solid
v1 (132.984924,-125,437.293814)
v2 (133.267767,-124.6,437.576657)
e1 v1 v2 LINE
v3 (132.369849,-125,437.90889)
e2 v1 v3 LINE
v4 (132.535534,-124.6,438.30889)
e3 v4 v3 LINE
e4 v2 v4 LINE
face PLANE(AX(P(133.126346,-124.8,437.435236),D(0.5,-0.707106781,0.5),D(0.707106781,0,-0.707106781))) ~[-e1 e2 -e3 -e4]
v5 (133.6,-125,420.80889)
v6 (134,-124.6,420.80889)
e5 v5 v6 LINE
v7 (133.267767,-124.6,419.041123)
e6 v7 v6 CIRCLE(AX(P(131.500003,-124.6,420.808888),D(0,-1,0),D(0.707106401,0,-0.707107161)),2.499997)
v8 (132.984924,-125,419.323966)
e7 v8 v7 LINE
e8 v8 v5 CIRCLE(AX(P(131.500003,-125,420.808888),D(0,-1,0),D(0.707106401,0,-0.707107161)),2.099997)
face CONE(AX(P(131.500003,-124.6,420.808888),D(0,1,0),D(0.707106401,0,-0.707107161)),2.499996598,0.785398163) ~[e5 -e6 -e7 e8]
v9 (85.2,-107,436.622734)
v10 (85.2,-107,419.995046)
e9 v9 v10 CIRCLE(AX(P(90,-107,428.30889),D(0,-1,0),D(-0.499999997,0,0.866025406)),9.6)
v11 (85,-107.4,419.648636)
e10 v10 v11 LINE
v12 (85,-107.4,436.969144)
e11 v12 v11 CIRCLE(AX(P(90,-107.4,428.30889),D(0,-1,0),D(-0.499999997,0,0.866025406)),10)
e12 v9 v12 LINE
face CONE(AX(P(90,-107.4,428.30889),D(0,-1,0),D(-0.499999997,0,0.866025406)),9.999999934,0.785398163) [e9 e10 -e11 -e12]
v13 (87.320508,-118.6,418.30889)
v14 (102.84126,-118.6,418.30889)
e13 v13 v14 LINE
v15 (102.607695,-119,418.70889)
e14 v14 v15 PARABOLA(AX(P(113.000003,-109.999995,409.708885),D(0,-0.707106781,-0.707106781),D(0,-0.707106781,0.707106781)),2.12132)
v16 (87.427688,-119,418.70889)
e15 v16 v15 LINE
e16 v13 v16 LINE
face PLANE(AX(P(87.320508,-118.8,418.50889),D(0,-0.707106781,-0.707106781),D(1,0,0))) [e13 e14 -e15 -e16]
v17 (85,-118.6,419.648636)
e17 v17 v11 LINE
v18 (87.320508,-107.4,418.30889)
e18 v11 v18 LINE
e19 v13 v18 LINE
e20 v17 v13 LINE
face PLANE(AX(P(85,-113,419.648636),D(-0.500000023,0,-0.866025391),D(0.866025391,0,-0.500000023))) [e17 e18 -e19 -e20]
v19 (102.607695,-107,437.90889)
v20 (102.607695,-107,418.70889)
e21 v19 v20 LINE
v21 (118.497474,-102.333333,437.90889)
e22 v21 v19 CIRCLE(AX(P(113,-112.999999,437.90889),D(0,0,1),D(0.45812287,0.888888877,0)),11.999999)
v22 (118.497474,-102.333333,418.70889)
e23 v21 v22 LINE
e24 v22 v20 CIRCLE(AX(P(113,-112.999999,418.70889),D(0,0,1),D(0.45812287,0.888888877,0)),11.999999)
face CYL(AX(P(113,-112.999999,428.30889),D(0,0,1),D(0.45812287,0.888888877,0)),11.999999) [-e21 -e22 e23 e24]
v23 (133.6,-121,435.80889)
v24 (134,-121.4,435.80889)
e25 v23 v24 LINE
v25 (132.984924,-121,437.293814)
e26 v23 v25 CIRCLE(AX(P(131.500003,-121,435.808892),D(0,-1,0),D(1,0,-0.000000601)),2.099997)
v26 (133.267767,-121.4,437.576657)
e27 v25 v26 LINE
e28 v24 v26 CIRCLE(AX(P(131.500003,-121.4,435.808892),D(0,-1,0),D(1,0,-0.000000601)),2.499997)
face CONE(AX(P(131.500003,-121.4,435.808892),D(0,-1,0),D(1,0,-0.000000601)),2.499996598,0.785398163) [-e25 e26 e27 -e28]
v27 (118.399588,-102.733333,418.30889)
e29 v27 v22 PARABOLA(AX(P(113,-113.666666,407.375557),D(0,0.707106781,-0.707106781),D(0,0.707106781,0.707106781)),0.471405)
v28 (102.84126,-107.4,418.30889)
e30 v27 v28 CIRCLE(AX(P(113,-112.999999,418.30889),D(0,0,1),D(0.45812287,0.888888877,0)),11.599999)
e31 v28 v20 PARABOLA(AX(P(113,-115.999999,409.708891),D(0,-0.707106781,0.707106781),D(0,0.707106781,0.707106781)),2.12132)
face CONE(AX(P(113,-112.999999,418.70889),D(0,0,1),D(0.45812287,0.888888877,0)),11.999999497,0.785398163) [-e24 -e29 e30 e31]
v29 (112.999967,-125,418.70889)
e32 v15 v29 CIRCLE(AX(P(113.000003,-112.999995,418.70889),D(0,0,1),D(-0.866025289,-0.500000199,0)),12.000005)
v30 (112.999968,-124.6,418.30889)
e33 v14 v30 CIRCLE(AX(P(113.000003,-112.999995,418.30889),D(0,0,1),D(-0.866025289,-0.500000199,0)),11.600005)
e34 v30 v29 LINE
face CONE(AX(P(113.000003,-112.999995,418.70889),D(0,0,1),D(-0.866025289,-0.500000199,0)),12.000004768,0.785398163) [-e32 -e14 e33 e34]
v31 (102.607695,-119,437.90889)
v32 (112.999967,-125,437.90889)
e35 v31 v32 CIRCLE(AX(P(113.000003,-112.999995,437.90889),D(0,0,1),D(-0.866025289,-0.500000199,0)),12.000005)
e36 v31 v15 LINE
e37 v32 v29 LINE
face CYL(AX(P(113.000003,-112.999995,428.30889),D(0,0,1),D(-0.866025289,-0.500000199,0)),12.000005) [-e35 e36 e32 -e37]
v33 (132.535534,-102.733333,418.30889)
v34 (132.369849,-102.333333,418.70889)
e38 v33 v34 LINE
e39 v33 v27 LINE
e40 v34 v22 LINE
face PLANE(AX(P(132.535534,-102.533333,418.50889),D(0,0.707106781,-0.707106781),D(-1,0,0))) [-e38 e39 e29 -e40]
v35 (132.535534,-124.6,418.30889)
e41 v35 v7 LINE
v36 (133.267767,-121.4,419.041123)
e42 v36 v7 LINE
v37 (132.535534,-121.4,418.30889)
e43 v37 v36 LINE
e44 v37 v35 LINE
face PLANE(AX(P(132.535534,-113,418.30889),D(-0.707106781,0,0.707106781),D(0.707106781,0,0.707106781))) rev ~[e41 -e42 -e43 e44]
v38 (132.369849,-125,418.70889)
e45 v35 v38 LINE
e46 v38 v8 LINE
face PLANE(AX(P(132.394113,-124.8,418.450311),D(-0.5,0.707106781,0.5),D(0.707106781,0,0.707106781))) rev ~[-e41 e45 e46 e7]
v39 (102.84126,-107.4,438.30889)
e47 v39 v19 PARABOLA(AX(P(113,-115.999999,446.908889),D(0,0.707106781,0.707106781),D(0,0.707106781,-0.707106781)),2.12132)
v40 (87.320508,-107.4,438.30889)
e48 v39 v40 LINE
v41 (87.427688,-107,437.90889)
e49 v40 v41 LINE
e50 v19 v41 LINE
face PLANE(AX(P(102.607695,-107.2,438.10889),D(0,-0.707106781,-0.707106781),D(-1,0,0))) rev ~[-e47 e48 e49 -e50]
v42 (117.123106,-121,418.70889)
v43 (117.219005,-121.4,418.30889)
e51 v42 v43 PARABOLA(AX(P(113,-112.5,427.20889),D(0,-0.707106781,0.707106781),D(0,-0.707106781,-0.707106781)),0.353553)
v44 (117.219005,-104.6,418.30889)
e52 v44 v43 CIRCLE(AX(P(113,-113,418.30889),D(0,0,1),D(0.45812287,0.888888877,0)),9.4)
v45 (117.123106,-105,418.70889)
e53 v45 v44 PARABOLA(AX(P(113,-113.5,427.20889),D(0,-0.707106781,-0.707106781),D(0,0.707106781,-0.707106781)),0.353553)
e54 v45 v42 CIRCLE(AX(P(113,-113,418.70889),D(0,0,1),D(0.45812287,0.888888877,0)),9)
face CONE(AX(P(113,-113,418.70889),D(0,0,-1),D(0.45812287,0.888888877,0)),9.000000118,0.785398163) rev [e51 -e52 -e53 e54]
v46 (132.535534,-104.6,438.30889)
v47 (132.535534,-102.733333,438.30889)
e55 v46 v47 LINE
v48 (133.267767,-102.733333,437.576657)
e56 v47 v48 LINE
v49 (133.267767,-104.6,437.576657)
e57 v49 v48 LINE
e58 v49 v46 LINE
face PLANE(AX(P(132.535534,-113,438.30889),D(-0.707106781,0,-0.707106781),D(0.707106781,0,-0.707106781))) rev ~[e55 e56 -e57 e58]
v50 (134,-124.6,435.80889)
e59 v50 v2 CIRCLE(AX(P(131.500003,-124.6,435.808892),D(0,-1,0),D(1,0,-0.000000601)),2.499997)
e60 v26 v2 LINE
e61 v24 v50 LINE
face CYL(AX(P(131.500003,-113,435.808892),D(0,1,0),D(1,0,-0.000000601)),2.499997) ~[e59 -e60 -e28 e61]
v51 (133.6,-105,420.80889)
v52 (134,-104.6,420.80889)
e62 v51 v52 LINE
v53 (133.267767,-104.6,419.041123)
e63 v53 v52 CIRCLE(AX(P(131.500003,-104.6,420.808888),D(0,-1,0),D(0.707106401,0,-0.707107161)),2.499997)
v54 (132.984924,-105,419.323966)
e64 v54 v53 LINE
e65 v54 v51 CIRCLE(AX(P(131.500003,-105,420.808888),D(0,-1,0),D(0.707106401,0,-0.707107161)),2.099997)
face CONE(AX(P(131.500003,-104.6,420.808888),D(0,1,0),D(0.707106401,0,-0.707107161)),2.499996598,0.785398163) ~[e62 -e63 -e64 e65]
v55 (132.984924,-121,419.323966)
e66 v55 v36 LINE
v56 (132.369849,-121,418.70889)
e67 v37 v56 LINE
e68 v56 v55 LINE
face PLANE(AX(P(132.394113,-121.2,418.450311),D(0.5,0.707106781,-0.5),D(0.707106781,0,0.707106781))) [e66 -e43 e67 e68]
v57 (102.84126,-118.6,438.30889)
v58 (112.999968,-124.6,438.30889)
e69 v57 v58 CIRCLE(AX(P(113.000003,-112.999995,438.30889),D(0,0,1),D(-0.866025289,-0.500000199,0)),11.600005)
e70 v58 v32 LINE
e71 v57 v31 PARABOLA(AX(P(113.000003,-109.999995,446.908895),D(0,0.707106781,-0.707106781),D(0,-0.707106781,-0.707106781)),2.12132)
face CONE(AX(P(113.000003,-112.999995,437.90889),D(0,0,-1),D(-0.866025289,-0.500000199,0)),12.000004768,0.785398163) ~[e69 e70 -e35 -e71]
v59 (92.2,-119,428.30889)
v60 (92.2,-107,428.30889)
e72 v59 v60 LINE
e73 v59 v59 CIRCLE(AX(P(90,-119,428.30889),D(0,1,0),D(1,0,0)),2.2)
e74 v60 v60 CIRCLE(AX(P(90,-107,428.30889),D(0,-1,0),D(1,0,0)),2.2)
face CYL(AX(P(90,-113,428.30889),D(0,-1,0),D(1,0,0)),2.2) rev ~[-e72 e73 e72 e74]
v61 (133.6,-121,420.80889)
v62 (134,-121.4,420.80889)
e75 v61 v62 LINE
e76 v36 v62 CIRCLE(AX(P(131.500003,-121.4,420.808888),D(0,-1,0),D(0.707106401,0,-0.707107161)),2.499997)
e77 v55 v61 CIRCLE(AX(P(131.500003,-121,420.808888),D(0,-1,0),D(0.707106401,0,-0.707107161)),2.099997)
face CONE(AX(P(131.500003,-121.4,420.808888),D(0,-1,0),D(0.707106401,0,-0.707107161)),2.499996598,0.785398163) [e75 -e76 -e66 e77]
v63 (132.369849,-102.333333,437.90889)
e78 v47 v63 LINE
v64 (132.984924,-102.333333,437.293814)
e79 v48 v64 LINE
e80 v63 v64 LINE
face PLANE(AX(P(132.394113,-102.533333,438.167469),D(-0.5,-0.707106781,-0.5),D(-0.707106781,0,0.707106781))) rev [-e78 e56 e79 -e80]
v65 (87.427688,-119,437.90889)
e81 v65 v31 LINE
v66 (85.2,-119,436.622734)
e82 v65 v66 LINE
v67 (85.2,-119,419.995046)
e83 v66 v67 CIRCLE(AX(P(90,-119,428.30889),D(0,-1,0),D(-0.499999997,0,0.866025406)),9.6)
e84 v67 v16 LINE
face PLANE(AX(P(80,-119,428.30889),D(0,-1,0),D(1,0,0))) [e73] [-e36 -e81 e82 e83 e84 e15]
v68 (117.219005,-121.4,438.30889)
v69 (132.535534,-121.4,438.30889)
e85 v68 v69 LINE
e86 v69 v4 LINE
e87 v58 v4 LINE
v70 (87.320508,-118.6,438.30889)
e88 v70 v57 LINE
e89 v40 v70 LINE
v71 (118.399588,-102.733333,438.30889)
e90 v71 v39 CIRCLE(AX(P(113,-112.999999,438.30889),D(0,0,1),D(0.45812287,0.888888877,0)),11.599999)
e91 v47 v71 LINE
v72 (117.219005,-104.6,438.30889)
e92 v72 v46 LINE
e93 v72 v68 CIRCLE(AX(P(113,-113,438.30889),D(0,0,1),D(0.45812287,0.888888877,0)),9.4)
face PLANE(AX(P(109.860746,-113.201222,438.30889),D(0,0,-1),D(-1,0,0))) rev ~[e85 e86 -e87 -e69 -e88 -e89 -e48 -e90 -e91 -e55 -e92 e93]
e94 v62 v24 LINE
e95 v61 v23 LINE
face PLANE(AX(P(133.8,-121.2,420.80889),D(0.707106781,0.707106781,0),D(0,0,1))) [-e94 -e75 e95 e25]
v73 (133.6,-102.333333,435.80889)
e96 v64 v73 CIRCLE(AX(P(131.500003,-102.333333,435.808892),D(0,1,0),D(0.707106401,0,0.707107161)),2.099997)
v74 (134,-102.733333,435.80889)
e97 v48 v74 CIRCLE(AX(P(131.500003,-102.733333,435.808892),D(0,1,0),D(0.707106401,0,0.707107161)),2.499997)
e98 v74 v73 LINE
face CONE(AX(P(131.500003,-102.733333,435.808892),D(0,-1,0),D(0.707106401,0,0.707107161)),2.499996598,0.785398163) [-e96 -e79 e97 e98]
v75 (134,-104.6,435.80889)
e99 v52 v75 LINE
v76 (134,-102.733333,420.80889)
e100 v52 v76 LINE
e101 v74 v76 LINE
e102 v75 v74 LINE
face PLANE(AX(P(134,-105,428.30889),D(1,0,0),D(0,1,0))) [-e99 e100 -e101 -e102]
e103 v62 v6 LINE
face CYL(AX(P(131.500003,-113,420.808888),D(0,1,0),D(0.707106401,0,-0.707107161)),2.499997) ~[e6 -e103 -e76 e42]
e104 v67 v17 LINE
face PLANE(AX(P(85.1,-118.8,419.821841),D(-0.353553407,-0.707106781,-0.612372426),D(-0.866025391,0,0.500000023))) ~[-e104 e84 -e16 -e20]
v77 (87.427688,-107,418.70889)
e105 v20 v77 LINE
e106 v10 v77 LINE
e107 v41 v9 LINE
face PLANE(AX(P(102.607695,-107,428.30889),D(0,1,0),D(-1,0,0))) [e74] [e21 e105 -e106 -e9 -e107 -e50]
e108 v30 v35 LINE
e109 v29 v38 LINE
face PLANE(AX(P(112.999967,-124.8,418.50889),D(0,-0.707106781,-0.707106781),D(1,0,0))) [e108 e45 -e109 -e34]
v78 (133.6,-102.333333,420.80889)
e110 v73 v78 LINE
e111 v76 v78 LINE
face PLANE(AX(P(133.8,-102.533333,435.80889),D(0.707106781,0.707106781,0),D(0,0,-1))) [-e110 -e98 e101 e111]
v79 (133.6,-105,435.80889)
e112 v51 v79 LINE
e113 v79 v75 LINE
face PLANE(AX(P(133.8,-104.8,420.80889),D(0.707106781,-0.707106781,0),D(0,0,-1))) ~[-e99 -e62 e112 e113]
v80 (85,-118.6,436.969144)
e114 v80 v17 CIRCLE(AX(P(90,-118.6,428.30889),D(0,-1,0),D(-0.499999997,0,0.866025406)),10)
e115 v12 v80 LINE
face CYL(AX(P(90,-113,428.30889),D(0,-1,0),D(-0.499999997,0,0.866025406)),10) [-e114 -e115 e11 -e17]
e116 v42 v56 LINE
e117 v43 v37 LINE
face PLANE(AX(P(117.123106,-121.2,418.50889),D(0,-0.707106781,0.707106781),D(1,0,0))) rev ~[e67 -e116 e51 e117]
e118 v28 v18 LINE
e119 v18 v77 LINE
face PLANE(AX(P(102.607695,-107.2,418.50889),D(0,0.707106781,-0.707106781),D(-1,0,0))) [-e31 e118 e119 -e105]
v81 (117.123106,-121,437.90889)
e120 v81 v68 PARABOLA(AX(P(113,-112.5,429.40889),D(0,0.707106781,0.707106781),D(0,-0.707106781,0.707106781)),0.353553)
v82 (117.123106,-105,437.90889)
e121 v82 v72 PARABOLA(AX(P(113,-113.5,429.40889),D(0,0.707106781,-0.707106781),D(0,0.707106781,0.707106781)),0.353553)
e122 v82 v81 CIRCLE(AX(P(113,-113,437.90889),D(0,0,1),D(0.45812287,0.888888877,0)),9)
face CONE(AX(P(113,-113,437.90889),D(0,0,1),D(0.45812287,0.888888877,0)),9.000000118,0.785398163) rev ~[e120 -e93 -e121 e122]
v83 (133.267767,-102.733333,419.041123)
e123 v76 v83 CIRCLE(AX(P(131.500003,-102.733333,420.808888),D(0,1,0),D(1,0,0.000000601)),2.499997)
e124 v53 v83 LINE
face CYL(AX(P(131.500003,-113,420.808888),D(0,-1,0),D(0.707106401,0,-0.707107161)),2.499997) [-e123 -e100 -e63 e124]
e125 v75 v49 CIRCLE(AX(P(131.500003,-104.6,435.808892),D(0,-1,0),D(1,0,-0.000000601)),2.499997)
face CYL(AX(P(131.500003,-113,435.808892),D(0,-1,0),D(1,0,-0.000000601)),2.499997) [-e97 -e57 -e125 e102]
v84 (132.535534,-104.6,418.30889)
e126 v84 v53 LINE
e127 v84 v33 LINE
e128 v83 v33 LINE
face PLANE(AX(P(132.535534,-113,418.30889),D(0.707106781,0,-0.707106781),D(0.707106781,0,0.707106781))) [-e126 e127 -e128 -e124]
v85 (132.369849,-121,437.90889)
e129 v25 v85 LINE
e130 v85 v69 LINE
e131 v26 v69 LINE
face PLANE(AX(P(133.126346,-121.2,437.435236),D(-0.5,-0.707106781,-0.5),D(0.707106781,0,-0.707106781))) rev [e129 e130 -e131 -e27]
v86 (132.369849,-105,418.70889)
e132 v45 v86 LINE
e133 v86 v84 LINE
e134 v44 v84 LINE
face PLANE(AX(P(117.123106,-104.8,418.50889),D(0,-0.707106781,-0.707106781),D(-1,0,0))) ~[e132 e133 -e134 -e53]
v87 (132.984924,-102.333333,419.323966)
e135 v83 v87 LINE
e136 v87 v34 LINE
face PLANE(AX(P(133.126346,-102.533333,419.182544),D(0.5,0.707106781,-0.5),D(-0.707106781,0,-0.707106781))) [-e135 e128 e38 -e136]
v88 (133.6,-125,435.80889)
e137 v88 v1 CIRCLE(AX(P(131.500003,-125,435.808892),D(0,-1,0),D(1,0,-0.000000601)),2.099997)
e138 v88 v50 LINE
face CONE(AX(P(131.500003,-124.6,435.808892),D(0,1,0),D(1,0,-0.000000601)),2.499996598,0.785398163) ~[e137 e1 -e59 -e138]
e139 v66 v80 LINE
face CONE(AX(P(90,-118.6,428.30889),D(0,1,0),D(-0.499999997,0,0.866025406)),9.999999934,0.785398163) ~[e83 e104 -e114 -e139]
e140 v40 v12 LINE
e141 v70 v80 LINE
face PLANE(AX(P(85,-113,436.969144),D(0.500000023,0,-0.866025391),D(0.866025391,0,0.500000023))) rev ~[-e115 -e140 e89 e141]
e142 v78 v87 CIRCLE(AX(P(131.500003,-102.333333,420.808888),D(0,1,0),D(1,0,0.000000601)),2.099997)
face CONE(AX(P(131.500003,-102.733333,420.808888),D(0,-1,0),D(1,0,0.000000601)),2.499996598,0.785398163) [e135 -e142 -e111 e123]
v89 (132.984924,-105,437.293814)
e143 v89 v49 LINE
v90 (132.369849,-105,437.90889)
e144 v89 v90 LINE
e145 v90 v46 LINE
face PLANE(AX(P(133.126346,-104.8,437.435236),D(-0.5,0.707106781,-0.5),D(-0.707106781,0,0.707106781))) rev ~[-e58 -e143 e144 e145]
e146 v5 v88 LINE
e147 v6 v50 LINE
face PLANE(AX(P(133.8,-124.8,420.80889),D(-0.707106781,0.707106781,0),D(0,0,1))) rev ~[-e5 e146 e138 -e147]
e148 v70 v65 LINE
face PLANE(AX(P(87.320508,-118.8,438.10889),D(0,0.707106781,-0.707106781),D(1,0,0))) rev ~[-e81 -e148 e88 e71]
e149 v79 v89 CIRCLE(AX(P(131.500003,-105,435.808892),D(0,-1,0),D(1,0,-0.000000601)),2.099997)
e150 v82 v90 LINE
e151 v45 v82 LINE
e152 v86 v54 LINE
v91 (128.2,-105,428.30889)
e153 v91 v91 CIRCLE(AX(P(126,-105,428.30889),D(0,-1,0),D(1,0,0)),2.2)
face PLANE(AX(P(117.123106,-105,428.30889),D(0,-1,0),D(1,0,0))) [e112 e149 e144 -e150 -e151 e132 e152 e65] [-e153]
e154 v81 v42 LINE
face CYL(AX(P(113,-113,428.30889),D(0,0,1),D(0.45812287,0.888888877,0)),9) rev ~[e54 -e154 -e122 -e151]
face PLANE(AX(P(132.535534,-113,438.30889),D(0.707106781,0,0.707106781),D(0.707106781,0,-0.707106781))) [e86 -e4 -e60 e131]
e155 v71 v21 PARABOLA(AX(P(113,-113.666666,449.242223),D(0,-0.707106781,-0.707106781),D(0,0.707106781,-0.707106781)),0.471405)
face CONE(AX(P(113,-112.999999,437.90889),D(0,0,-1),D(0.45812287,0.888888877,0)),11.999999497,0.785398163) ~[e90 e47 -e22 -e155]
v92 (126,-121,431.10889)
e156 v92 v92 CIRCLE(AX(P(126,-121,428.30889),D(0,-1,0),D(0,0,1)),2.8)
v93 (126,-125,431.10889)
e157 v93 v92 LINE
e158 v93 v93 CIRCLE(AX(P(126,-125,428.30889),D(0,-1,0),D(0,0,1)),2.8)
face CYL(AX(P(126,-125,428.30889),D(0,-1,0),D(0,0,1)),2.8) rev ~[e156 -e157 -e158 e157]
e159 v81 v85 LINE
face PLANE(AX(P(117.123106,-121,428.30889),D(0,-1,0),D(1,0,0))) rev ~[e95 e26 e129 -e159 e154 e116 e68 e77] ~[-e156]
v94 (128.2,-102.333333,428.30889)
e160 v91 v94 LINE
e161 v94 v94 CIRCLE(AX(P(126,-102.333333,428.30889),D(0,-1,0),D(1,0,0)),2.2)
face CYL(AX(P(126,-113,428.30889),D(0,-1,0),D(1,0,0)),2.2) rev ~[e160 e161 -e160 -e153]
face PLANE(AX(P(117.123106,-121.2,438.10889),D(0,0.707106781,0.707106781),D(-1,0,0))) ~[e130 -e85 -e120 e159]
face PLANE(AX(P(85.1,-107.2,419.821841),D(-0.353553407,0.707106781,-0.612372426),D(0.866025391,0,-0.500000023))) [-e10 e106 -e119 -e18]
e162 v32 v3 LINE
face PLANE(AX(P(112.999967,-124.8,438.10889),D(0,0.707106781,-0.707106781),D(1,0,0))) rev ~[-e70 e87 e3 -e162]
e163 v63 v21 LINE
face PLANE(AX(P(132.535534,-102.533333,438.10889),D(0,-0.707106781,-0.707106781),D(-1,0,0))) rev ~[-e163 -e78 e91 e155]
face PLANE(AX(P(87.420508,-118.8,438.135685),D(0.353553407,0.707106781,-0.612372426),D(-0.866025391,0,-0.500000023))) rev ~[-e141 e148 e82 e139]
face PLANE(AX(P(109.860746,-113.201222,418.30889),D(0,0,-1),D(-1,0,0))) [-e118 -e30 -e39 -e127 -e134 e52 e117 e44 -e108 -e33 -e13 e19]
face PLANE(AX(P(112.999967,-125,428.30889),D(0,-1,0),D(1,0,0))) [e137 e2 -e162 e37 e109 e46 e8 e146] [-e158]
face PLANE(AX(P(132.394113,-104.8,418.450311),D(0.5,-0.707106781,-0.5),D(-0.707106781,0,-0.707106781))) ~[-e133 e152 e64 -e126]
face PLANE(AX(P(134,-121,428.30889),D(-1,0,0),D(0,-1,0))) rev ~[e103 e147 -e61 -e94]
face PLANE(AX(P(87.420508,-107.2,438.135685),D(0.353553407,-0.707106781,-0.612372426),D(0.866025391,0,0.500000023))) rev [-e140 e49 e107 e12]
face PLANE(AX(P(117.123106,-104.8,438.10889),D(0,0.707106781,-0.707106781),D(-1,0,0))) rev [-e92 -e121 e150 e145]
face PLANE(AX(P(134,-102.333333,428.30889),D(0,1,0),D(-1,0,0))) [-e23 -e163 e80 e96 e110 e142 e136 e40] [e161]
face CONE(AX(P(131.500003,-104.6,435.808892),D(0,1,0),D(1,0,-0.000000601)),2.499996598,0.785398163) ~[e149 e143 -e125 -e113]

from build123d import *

# Parameters (mm, degrees)
PAD048_DEPTH         = 10
SKETCH195_R          = 2.2
POCKET126_DEPTH      = 12.001
POCKET126_DEPTH_BACK = 12.001
SKETCH238_R          = 2.8
POCKET188_DEPTH      = 4
CHAMFER001_SIZE      = 0.4


with BuildPart() as part:
    # Sketch194 → Pad048 (new body, symmetric)
    with BuildSketch(Plane.XY):
        with BuildLine():
            ThreePointArc((4.123106, 8), (-9, 0), (4.123106, -8))
            Line((4.123106, -8), (21, -8))
            Line((21, -8), (21, -12))
            Line((-3.3e-05, -12), (21, -12))
            ThreePointArc((-10.392305, -6), (-6.000014, -10.392296), (-3.3e-05, -12))
            Line((-33, -6), (-10.392305, -6))
            Line((-33, 6), (-33, -6))
            Line((-10.392305, 6), (-33, 6))
            ThreePointArc((5.497474, 10.666667), (-3.381462, 11.513719), (-10.392305, 6))
            Line((21, 10.666667), (5.497474, 10.666667))
            Line((21, 8), (21, 10.666667))
            Line((4.123106, 8), (21, 8))
        make_face()
    extrude(amount=PAD048_DEPTH, both=True)

    # Sketch195 → Pocket126 (cut, two sides)
    with BuildSketch(Plane.XZ) as pocket126_sk:
        with Locations((13, 0)):
            Circle(SKETCH195_R)
        with Locations((-23, 0)):
            Circle(SKETCH195_R)
        with BuildLine():
            ThreePointArc((-28, 8.660254), (-33, 0), (-28, -8.660254))
            Line((-28, -8.660254), (-25.679492, -10))
            Line((-25.679492, -10), (-25.679492, -11))
            Line((-25.679492, -11), (-34, -11))
            Line((-34, -11), (-34, 11))
            Line((-34, 11), (-25.679492, 11))
            Line((-25.679492, 11), (-25.679492, 10))
            Line((-28, 8.660254), (-25.679492, 10))
        make_face()
        with BuildLine():
            ThreePointArc((21, 7.5), (20.809699, 8.456709), (20.267767, 9.267767))
            Line((19.535534, 10), (20.267767, 9.267767))
            Line((19.535534, 10), (19.535534, 11))
            Line((19.535534, 11), (22, 11))
            Line((22, 11), (22, -11))
            Line((22, -11), (19.535534, -11))
            Line((19.535534, -11), (19.535534, -10))
            Line((19.535534, -10), (20.267767, -9.267767))
            ThreePointArc((20.267767, -9.267767), (20.809699, -8.456709), (21, -7.5))
            Line((21, -7.5), (21, 7.5))
        make_face()
    extrude(amount=-POCKET126_DEPTH, mode=Mode.SUBTRACT)
    extrude(pocket126_sk.sketch, amount=POCKET126_DEPTH_BACK, mode=Mode.SUBTRACT)

    # Sketch238 (on DatumPlane) → Pocket188 (cut)
    with BuildSketch(Plane(origin=(13, -12, 0), x_dir=(0, 0, 1), z_dir=(0, -1, 0))):
        Circle(SKETCH238_R)
    extrude(amount=-POCKET188_DEPTH, mode=Mode.SUBTRACT)

    # Chamfer001
    chamfer001_edges = [part.edges().sort_by_distance(p)[0] for p in [
        (-18.035898, 6, 10),
        (-18.035898, -6, 10),
        (-6.000014, -10.392296, 10),
        (9.76775, -12, 10),
        (-9, 0, 10),
        (11.82932, -8, 10),
        (11.82932, 8, 10),
        (12.516504, 10.666667, 10),
        (-3.381462, 11.513719, 10),
        (12.516504, 10.666667, -10),
        (11.82932, 8, -10),
        (-3.381462, 11.513719, -10),
        (-9, 0, -10),
        (11.82932, -8, -10),
        (9.76775, -12, -10),
        (-6.000014, -10.392296, -10),
        (-18.035898, -6, -10),
        (-18.035898, 6, -10),
        (-26.839746, 6, 9.330127),
        (-31.660254, 6, 5),
        (-31.660254, 6, -5),
        (-26.839746, 6, -9.330127),
        (-26.839746, -6, 9.330127),
        (-31.660254, -6, 5),
        (-31.660254, -6, -5),
        (-26.839746, -6, -9.330127),
        (19.90165, -12, 9.633883),
        (20.809699, -12, 8.456709),
        (21, -12, 0),
        (20.809699, -12, -8.456709),
        (19.90165, -12, -9.633883),
        (19.90165, -8, 9.633883),
        (20.809699, -8, 8.456709),
        (21, -8, 0),
        (20.809699, -8, -8.456709),
        (19.90165, -8, -9.633883),
        (19.90165, 8, -9.633883),
        (19.90165, 10.666667, -9.633883),
        (20.809699, 10.666667, -8.456709),
        (20.809699, 8, -8.456709),
        (21, 10.666667, 0),
        (21, 8, 0),
        (20.809699, 10.666667, 8.456709),
        (19.90165, 10.666667, 9.633883),
        (19.90165, 8, 9.633883),
        (20.809699, 8, 8.456709),
    ]]
    chamfer(chamfer001_edges, length=CHAMFER001_SIZE)


with BuildPart() as part_1:
    # Body022042 placement: moved
    add(part.part.moved(Location((113, -113, 428.30889))))


solid = part_1.part
